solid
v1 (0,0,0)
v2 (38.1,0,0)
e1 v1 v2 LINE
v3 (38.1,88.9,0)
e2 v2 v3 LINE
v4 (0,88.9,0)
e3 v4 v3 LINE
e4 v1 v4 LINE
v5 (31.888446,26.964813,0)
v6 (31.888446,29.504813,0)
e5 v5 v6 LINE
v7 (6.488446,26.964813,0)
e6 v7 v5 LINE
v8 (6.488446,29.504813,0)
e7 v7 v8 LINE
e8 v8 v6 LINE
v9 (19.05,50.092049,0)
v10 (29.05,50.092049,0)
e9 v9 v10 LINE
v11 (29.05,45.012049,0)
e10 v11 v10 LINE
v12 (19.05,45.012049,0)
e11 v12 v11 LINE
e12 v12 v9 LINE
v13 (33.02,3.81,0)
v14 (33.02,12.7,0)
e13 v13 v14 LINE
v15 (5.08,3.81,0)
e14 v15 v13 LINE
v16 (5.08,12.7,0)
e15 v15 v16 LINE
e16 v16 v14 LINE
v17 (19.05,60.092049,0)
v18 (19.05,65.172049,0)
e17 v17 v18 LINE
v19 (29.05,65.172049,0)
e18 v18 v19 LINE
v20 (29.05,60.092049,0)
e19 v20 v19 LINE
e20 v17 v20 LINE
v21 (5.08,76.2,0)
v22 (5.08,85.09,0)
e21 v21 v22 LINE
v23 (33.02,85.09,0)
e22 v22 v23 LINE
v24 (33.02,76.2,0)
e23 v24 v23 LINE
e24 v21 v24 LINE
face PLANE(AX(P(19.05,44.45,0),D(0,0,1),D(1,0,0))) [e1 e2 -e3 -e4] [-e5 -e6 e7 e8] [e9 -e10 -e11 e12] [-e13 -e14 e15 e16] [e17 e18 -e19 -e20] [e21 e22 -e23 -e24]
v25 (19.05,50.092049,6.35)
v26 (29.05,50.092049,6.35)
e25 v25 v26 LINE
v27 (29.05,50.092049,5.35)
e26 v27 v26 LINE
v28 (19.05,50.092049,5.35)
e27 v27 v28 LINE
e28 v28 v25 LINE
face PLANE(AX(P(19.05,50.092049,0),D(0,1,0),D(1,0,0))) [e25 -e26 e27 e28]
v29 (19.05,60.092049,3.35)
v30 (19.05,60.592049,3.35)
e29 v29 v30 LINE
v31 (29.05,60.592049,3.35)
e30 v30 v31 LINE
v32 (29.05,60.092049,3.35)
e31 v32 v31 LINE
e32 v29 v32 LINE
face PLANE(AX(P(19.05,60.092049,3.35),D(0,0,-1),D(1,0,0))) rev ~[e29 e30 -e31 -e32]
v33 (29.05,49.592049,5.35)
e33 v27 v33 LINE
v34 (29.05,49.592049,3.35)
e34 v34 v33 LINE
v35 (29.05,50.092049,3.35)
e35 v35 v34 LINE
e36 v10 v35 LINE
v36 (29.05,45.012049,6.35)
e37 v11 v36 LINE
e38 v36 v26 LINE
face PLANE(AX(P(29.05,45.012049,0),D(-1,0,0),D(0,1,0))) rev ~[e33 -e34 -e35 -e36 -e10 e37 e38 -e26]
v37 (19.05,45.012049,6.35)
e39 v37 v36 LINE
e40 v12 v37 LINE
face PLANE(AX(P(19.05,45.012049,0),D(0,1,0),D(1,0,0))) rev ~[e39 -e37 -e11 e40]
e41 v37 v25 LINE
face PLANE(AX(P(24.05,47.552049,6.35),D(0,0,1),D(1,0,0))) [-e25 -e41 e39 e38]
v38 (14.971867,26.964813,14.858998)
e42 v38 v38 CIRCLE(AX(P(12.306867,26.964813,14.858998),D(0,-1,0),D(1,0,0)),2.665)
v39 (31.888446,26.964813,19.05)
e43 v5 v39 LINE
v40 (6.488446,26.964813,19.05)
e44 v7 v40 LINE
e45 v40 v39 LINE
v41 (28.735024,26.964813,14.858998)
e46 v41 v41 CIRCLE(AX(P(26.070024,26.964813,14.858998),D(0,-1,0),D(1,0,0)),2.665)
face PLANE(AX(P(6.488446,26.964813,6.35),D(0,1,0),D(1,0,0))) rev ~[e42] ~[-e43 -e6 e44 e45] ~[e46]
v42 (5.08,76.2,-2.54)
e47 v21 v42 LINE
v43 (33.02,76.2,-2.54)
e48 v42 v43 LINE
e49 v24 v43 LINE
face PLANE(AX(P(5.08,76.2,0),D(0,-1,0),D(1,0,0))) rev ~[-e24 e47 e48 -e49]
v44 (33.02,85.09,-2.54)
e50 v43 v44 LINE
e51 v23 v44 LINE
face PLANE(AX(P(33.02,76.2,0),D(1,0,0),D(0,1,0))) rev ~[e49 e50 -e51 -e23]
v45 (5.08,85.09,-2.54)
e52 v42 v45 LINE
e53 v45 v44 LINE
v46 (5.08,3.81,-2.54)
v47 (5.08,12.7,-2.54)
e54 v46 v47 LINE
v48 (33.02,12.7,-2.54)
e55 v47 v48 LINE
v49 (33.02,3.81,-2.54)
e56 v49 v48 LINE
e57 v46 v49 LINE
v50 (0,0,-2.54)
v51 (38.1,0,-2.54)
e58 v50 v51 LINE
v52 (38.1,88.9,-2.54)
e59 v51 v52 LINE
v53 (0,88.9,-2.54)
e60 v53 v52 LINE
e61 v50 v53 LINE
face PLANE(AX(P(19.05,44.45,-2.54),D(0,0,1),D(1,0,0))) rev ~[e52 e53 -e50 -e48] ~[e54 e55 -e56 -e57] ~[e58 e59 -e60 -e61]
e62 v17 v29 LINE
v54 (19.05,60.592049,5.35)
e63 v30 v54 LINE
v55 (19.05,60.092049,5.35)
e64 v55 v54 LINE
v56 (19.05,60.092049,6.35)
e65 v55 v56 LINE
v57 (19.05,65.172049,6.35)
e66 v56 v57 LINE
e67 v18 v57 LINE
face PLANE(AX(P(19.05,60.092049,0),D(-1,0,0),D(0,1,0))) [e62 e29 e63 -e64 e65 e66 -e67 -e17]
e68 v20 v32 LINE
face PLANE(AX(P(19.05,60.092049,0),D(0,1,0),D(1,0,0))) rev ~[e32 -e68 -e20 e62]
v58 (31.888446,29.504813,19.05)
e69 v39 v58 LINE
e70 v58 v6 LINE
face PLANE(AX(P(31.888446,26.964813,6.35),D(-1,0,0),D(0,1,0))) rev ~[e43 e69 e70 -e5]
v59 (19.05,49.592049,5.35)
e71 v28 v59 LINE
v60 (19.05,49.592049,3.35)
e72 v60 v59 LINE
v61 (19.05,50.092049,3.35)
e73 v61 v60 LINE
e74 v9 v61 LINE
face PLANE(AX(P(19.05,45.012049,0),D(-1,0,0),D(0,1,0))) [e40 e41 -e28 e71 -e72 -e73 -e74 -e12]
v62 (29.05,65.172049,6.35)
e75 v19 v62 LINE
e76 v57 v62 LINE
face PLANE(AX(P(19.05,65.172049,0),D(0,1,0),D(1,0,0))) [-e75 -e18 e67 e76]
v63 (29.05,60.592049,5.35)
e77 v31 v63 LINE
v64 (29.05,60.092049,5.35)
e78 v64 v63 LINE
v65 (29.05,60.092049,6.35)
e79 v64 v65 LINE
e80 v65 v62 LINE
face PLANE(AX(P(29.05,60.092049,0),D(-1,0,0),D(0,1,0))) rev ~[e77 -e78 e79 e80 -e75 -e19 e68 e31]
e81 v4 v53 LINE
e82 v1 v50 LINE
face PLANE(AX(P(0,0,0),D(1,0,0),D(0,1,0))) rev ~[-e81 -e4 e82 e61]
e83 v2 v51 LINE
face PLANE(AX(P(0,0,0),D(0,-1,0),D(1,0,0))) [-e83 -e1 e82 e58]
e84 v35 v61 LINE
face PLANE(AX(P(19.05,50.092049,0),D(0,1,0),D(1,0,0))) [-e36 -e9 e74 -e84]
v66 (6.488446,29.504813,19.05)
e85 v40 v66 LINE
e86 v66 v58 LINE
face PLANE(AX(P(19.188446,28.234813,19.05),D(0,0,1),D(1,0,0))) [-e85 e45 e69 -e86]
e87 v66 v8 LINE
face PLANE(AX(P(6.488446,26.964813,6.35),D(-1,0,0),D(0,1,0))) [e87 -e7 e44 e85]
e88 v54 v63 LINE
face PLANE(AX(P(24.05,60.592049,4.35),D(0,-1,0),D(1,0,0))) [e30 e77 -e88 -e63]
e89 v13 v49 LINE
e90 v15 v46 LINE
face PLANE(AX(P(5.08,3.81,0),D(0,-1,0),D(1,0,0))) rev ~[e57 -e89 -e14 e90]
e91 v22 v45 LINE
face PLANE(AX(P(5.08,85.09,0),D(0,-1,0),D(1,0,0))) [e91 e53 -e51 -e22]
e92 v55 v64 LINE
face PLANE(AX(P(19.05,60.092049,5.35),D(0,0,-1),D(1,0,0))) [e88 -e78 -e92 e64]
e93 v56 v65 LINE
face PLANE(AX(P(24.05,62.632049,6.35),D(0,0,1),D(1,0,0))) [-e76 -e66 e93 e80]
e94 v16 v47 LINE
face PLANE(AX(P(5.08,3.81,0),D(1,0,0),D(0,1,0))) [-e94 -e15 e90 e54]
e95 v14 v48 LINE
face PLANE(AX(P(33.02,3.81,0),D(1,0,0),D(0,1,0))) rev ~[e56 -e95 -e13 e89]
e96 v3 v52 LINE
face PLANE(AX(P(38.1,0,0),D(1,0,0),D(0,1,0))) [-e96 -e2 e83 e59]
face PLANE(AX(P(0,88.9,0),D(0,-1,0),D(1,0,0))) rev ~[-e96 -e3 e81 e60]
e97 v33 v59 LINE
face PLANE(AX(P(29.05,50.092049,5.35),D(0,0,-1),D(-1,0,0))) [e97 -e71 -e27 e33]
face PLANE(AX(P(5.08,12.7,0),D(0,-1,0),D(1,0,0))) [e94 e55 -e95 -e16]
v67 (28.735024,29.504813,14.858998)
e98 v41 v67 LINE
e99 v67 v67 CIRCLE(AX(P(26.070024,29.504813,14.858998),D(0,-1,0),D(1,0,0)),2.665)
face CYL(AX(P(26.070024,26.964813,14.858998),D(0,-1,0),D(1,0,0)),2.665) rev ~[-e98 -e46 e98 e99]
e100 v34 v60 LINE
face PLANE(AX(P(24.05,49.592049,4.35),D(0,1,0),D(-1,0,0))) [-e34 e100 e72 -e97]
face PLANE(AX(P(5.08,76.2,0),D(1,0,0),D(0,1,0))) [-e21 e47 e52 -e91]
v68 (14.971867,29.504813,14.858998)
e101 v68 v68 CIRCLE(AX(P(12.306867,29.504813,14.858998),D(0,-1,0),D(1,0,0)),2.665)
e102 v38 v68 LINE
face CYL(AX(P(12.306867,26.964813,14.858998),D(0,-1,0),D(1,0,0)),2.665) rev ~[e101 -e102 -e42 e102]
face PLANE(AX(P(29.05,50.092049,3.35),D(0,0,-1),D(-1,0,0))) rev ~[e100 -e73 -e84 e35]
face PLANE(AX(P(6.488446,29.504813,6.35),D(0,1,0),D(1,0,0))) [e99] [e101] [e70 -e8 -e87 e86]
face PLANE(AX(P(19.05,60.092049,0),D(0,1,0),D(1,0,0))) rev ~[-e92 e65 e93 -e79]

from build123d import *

# Parameters (mm, degrees)
F1_W      = 38.1
F1_H      = 88.9
F2_DEPTH  = 2.54
F0_W      = 10
F0_H      = 5.08
F0_W_2    = 25.4
F0_H_2    = 2.54
F3_DEPTH  = 6.35
F4_W      = 10
F4_H      = 2
F5_DEPTH  = 0.5
F6_W      = 10
F6_H      = 2
F7_DEPTH  = 0.5
F8_DEPTH  = 12.7
F9_R      = 2.665
F10_DEPTH = 61.9361865292
F11_W     = 27.94
F11_H     = 8.89
F12_DEPTH = 25.4


with BuildPart() as f2:
    # F1 (on Top) → F2 (new body)
    with BuildSketch(Plane.XY):
        with Locations((19.05, 44.45)):
            Rectangle(F1_W, F1_H)
    extrude(amount=-F2_DEPTH)

    # F0 (on Top) → F3 (join)
    with BuildSketch(Plane.XY):
        with Locations((24.05, 62.6320488313)):
            Rectangle(F0_W, F0_H)
        with Locations((24.05, 47.5520488313)):
            Rectangle(F0_W, F0_H)
        with Locations((19.1884456806, 28.2348134708)):
            Rectangle(F0_W_2, F0_H_2)
    extrude(amount=F3_DEPTH)

    # F4 (on face) → F5 (cut)
    with BuildSketch(Plane(origin=(0, 50.0920488313, 0), x_dir=(-1, 0, 0), z_dir=(0, 1, 0))):
        with Locations((-24.05, 4.35)):
            Rectangle(F4_W, F4_H)
    extrude(amount=-F5_DEPTH, mode=Mode.SUBTRACT)

    # F6 (on face) → F7 (cut)
    with BuildSketch(Plane.XZ.offset(-60.0920488313)):
        with Locations((24.05, 4.35)):
            Rectangle(F6_W, F6_H)
    extrude(amount=-F7_DEPTH, mode=Mode.SUBTRACT)

    # F8 (add): a face of the model
    f8_faces = [f2.faces().sort_by_distance(p)[0] for p in [
        (19.1884456806, 28.2348134708, 6.35),
    ]]
    extrude(f8_faces, amount=F8_DEPTH)

    # F9 (on face) → F10 (cut, through all)
    with BuildSketch(Plane.XZ.offset(-26.9648134708)):
        with Locations((12.3068671674, 14.8589983582)):
            Circle(F9_R)
        with Locations((26.0700241938, 14.8589983582)):
            Circle(F9_R)
    extrude(amount=-F10_DEPTH, mode=Mode.SUBTRACT)

    # F11 (on face) → F12 (cut)
    with BuildSketch(Plane.XY):
        with Locations((19.05, 80.645)):
            Rectangle(F11_W, F11_H)
        with Locations((19.05, 8.255)):
            Rectangle(F11_W, F11_H)
    extrude(amount=-F12_DEPTH, mode=Mode.SUBTRACT)


solid = f2.part
